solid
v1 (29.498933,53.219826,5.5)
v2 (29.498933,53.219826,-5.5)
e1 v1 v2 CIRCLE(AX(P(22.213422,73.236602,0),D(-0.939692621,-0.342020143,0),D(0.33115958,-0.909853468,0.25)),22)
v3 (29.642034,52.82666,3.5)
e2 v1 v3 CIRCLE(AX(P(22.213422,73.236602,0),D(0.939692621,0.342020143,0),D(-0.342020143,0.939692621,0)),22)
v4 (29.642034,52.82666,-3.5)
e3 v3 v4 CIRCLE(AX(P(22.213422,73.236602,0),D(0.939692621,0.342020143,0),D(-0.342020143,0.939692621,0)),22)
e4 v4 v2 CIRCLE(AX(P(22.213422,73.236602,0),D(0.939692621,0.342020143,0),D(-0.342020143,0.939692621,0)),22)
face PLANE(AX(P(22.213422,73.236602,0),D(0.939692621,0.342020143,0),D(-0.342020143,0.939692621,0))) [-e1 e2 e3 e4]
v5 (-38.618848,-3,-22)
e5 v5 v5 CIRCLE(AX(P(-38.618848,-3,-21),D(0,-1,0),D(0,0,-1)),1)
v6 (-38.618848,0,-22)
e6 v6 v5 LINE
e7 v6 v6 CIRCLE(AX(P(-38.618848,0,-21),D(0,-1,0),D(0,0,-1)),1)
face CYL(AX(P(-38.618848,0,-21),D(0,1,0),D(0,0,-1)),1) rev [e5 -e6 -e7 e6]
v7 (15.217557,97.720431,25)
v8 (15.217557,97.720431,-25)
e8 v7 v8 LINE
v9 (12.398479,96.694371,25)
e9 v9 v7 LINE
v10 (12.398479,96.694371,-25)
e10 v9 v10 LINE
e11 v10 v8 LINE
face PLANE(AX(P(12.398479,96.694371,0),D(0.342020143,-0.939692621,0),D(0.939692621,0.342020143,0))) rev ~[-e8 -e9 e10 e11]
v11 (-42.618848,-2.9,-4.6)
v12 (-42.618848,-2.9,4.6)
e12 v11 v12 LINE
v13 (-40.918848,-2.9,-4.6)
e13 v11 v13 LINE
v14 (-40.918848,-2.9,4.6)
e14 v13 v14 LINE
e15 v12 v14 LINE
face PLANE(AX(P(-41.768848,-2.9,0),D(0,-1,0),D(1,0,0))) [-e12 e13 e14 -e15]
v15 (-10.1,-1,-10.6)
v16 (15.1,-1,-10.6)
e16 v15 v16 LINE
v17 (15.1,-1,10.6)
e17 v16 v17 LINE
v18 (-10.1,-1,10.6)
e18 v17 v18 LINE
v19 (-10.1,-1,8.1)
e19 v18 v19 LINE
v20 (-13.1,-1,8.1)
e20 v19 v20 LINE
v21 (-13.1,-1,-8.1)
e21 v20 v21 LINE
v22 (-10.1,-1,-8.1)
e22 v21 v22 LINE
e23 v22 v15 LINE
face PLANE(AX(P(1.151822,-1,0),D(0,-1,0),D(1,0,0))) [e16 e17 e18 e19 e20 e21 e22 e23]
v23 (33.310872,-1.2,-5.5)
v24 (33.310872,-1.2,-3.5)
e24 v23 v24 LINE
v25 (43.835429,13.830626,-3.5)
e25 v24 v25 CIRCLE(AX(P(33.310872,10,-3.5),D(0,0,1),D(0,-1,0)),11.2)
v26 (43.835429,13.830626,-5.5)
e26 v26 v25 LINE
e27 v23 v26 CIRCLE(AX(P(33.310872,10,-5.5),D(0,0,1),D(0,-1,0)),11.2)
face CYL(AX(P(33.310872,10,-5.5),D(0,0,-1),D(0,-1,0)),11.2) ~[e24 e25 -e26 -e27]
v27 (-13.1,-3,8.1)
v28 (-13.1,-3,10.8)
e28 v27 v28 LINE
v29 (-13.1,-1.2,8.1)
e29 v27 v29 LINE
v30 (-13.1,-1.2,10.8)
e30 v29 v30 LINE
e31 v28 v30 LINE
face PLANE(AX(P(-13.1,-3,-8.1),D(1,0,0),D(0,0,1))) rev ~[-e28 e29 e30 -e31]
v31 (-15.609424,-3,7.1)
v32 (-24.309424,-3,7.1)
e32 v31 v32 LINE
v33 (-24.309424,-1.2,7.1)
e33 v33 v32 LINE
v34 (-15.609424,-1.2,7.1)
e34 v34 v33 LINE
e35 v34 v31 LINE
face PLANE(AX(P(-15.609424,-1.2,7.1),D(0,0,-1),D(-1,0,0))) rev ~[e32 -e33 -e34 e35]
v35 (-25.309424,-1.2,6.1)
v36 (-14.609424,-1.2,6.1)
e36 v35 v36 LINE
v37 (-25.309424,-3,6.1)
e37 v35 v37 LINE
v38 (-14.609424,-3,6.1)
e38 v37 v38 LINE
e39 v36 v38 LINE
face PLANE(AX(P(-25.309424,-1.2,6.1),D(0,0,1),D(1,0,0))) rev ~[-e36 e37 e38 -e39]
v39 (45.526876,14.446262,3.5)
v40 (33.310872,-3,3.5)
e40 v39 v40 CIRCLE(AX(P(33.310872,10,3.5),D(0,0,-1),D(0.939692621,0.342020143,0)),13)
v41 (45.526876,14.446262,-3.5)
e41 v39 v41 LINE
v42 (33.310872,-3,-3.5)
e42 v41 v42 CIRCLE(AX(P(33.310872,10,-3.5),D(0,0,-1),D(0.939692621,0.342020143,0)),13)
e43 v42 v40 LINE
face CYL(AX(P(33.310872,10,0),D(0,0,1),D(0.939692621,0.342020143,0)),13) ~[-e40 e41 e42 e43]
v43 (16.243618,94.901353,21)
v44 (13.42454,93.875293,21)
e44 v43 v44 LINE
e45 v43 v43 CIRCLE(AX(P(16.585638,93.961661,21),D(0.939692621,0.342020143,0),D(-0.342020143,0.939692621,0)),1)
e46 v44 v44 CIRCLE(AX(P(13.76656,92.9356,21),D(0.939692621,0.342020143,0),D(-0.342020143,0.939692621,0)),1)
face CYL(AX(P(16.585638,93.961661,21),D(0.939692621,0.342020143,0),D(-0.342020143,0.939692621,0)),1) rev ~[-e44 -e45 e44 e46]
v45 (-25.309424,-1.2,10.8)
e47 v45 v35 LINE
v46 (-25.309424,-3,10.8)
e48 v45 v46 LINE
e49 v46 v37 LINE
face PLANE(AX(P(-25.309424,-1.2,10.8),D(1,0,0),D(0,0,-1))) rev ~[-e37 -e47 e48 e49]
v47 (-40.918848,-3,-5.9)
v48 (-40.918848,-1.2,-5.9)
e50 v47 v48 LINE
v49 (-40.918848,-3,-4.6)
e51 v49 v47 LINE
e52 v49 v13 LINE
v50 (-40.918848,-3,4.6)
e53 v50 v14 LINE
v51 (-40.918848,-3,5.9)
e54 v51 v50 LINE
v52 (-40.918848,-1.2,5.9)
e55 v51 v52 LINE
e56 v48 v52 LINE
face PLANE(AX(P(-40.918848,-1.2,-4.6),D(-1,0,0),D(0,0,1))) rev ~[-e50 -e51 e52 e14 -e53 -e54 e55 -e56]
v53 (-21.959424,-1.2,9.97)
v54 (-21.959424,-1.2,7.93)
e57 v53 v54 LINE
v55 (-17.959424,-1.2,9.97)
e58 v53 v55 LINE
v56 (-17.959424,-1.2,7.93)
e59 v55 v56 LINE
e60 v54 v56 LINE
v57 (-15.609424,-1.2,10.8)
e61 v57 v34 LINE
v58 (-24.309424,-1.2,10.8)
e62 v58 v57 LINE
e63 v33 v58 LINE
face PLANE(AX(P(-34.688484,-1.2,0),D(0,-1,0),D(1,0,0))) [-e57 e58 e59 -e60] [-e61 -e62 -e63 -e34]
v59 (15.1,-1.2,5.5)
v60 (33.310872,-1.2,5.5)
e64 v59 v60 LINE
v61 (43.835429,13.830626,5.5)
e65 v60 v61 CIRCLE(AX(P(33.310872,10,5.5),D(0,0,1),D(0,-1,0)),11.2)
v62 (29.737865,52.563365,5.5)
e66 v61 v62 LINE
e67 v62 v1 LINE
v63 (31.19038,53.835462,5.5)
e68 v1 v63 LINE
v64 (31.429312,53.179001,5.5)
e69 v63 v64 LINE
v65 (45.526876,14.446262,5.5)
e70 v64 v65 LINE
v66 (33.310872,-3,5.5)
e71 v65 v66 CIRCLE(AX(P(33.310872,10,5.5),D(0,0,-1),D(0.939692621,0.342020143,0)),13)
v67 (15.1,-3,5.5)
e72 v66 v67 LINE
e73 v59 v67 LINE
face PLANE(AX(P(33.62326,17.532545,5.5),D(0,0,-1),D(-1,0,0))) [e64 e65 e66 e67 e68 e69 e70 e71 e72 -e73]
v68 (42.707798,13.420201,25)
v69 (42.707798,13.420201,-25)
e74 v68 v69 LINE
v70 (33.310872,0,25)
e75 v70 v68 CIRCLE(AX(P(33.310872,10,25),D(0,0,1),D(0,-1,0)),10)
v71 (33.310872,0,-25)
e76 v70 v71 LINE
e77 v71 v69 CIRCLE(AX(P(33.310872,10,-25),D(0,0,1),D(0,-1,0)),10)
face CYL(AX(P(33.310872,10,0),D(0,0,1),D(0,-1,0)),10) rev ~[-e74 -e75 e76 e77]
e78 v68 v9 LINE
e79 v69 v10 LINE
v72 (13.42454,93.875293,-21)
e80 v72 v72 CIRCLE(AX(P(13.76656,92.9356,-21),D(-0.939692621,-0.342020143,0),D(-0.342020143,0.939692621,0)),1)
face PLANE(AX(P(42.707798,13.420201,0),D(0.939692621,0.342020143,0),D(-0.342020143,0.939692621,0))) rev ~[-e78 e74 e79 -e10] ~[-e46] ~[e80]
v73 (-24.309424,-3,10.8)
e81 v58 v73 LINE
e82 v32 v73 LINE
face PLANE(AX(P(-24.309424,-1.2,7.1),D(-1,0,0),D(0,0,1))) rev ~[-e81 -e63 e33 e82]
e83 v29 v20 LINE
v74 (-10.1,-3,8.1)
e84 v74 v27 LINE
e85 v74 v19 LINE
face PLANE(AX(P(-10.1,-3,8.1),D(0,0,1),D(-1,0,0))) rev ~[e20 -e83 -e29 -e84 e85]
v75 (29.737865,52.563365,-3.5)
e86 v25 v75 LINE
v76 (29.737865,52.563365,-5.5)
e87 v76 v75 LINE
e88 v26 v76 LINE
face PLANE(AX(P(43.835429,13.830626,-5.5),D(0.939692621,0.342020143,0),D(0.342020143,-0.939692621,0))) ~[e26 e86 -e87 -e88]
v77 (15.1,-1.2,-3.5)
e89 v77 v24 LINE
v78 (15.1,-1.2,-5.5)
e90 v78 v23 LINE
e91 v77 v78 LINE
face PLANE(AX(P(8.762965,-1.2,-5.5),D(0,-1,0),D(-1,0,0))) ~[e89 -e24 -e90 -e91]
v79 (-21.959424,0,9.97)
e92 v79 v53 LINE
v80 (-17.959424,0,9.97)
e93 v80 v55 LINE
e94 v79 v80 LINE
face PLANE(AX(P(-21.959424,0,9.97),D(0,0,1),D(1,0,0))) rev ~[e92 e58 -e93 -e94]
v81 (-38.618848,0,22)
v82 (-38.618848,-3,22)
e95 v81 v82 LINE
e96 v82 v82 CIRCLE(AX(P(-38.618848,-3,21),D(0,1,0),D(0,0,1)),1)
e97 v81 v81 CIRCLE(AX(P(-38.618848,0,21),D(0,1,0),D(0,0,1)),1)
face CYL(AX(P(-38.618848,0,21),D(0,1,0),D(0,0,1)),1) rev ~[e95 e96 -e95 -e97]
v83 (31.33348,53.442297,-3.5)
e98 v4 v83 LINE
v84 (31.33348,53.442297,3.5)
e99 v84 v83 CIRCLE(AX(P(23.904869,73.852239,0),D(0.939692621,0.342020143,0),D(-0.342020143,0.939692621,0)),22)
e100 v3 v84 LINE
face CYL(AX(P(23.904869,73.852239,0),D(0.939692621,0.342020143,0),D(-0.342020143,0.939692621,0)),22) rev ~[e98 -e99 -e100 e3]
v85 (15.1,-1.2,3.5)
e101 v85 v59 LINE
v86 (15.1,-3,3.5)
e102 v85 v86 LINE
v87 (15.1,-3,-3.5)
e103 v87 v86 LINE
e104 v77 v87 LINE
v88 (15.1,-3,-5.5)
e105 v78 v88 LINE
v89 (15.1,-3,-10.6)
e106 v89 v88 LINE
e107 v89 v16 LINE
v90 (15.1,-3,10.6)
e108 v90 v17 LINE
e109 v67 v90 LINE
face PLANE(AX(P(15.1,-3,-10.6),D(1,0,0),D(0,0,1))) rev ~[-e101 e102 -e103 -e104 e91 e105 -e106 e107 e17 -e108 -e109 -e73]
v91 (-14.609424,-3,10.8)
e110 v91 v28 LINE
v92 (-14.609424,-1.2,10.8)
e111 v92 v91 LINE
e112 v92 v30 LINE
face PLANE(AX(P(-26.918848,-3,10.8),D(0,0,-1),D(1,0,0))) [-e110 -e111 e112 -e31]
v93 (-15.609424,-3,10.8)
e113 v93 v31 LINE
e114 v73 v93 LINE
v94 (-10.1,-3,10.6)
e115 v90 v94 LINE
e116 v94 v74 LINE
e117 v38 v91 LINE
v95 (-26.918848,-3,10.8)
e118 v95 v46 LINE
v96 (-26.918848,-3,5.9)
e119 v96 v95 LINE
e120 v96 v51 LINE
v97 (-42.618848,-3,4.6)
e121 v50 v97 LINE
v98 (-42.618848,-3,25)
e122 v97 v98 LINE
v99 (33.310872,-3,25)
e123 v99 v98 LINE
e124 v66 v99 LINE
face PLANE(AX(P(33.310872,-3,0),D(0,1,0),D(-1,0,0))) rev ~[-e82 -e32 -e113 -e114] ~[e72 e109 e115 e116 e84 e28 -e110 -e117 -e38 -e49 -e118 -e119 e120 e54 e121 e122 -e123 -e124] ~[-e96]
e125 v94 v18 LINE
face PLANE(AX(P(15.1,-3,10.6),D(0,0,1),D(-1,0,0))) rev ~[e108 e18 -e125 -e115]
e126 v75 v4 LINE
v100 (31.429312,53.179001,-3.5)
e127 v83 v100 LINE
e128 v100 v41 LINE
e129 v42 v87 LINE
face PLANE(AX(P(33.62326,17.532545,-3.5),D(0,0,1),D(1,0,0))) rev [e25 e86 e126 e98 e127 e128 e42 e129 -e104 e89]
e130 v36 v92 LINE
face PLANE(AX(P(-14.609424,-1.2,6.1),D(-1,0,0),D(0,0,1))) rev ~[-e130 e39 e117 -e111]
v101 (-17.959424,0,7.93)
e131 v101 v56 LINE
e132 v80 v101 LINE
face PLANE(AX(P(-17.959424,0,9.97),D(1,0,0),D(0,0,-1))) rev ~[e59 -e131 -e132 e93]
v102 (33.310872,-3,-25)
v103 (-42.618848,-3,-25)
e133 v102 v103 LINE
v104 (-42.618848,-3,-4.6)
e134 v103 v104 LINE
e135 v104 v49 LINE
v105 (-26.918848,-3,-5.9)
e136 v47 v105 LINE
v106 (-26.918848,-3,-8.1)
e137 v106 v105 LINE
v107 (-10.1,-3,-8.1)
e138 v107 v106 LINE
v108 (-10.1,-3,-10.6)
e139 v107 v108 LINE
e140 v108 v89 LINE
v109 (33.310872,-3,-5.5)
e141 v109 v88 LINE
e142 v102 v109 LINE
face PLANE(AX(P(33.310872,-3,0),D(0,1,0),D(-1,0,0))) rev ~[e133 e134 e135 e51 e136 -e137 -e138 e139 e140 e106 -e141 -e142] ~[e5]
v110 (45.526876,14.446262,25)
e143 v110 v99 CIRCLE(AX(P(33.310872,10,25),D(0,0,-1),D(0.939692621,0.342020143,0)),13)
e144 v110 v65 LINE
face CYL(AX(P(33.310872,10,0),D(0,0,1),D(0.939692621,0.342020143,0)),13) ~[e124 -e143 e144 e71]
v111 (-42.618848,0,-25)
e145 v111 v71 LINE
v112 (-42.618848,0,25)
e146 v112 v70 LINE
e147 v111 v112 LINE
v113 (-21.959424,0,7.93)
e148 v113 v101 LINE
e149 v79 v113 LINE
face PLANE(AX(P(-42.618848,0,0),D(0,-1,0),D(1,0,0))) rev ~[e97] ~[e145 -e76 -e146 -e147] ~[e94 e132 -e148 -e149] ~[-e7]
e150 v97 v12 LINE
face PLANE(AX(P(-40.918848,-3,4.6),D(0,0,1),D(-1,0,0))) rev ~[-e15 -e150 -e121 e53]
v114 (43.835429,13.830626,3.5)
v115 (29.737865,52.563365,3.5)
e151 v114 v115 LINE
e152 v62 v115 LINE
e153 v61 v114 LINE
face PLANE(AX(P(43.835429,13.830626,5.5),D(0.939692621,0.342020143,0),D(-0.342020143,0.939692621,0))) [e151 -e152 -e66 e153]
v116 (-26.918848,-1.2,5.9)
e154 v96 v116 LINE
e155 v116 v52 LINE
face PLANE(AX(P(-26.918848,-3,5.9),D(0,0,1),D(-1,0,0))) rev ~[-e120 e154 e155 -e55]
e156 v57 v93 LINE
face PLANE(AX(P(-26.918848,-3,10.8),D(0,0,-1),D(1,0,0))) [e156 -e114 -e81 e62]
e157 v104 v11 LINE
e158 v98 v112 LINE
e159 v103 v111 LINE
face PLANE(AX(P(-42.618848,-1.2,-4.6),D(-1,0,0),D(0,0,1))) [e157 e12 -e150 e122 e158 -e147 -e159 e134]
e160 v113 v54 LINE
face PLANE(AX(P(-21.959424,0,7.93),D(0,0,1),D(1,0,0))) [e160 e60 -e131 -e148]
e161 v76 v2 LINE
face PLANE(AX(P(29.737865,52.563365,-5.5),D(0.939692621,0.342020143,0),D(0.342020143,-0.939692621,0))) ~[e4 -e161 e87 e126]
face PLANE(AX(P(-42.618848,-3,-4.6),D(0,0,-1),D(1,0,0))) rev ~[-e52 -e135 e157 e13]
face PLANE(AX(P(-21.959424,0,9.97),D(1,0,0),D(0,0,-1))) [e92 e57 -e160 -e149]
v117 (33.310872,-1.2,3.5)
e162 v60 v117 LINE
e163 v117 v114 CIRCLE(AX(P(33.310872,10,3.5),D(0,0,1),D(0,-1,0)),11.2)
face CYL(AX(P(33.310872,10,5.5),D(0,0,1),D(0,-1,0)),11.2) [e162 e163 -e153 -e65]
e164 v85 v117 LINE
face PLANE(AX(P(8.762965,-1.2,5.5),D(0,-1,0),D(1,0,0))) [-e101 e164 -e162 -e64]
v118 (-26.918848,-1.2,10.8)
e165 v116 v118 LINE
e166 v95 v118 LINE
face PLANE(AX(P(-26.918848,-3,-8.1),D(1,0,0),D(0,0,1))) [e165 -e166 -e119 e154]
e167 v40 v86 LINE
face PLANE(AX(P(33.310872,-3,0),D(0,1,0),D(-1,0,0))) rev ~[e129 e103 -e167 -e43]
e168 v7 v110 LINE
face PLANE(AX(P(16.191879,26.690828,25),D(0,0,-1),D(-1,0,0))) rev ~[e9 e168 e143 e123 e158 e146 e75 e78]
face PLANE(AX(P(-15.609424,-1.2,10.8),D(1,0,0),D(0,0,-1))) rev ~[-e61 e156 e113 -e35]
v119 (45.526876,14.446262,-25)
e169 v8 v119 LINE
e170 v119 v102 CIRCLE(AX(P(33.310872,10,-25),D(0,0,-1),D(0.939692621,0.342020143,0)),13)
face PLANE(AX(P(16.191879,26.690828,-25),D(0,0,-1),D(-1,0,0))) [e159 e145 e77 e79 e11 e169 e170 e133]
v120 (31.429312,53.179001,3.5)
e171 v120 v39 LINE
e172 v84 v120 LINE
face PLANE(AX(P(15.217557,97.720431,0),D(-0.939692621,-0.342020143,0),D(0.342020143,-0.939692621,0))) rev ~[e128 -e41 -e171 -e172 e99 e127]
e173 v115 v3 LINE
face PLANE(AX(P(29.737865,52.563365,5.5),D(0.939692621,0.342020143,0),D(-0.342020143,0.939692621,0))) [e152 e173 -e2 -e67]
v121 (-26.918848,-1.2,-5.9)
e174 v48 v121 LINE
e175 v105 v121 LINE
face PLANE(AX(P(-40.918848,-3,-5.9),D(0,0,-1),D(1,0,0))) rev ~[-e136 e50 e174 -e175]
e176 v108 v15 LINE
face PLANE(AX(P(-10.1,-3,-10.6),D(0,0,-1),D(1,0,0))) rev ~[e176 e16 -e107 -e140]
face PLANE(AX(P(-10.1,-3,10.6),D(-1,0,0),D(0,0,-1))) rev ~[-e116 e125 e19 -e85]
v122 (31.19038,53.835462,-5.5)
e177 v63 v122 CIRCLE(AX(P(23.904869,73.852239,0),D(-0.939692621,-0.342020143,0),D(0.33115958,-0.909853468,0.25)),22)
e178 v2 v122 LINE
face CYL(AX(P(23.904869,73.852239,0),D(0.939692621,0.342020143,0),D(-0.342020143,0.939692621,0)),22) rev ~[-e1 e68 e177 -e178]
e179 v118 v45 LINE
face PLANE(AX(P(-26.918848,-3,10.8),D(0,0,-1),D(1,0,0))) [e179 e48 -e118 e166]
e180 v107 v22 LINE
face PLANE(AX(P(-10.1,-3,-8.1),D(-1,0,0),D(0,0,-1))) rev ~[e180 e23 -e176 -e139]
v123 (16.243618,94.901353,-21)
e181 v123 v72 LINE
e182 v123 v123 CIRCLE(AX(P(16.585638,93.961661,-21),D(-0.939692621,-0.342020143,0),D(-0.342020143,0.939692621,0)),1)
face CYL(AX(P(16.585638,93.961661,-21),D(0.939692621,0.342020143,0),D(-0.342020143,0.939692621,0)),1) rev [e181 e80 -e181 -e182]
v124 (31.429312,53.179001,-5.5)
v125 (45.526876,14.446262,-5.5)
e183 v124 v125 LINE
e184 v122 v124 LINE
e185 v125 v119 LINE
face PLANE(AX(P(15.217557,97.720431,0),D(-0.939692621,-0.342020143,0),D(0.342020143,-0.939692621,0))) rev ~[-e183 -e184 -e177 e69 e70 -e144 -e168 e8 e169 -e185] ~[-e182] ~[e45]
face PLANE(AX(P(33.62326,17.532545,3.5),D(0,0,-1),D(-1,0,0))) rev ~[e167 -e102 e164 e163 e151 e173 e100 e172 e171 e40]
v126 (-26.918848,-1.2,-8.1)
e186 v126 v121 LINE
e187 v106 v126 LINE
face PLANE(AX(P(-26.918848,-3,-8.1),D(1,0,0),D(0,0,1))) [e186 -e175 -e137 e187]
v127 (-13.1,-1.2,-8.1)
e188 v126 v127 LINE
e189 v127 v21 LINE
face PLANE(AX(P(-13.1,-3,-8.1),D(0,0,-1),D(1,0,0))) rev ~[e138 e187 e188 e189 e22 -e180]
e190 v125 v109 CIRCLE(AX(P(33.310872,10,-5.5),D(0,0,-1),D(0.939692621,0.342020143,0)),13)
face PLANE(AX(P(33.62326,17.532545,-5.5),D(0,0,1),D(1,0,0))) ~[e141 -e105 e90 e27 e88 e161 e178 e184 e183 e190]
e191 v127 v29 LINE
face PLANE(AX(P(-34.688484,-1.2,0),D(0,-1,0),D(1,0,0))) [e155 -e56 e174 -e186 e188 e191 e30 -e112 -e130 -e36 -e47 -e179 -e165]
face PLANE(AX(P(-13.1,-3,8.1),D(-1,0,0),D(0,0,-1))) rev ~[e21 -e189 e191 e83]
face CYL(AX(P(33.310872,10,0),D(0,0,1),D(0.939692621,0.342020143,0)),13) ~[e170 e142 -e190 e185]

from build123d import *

# Parameters (mm, degrees)
EXTRUDE_1_DEPTH       = 25
SKETCH_4_R            = 22
CUT_EXTRUDE_1_DEPTH   = 1.8
CUT_EXTRUDE_START     = 5.5
CUT_EXTRUDE_1_2_DEPTH = 2
CUT_EXTRUDE_2_REACH   = 124.068
SKETCH_5_R            = 1
CUT_EXTRUDE_3_REACH   = 112.991
SKETCH_6_R            = 1
CUT_EXTRUDE_1_3_DEPTH = 1.8
SKETCH_8_W            = 1.7
SKETCH_8_H            = 9.2
EXTRUDE_1_2_DEPTH     = 1.7
CUT_EXTRUDE_2_2_DEPTH = 2
SKETCH_14_W           = 13.81884782
SKETCH_14_H           = 18.9
CUT_EXTRUDE_3_2_DEPTH = 1.8
EXTRUDE_2_DEPTH       = 1.8
SKETCH_16_W           = 4
SKETCH_16_H           = 2.04
CUT_EXTRUDE_4_DEPTH   = 1.2


with BuildPart() as part:
    # 草图2 → Extrude 1 (new, symmetric)
    with BuildSketch(Plane.XY):
        with BuildLine():
            Line((-42.61884782, 0), (33.310872136, 0))
            ThreePointArc((33.310872136, 0), (41.502392579, 4.264235636), (42.707798344, 13.420201433))
            Line((42.707798344, 13.420201433), (12.398479455, 96.694370679))
            Line((12.398479455, 96.694370679), (15.217557318, 97.720431109))
            Line((15.217557318, 97.720431109), (45.526876206, 14.446261863))
            ThreePointArc((45.526876206, 14.446261863), (43.959848712, 2.543506327), (33.310872136, -3))
            Line((33.310872136, -3), (-42.61884782, -3))
            Line((-42.61884782, -3), (-42.61884782, 0))
        make_face()
    extrude(amount=EXTRUDE_1_DEPTH, both=True)

    # 草图4 → Cut-Extrude 1 (cut)
    with BuildSketch(Plane(origin=(44.844182434, 16.321947586, 0), x_dir=(0, 0, -1), z_dir=(0.939692620785907, 0.3420201433256728, 0))):
        with Locations(Location((0, 61.222456878, 0), (0, 0, 90))):
            Circle(SKETCH_4_R)
    extrude(amount=-CUT_EXTRUDE_1_DEPTH, mode=Mode.SUBTRACT)

    # 草图3 → Cut-Extrude 1 2 (cut)
    with BuildSketch(Plane.XY.offset(CUT_EXTRUDE_START)):
        with BuildLine():
            Line((8.762964592, -1.2), (33.310872136, -1.2))
            ThreePointArc((33.310872136, -1.2), (42.485375032, 3.575943913), (43.835429489, 13.830625605))
            Line((43.835429489, 13.830625605), (29.737865394, 52.563364626))
            Line((29.737865394, 52.563364626), (28.711804964, 55.382442488))
            Line((28.711804964, 55.382442488), (30.403251681, 55.998078746))
            Line((30.403251681, 55.998078746), (31.429312111, 53.179000884))
            Line((31.429312111, 53.179000884), (45.526876206, 14.446261863))
            ThreePointArc((45.526876206, 14.446261863), (43.959848712, 2.543506327), (33.310872136, -3))
            Line((33.310872136, -3), (8.762964592, -3))
            Line((8.762964592, -3), (8.762964592, -1.2))
        make_face()
    cut_extrude_1_2 = extrude(amount=-CUT_EXTRUDE_1_2_DEPTH, mode=Mode.SUBTRACT)

    # 镜向1: Cut-Extrude 1 2 across plane
    add(cut_extrude_1_2.mirror(Plane.XY), mode=Mode.SUBTRACT)

    # 草图5 → Cut-Extrude 2 (cut, up to next)
    with BuildSketch(Plane(origin=(44.844182434, 16.321947586, 0), x_dir=(0, 0, -1), z_dir=(0.939692620785907, 0.3420201433256728, 0)), mode=Mode.PRIVATE) as cut_extrude_2_sk1:
        with Locations(Location((-21, 82.622456878, 0), (0, 0, 90))):
            Circle(SKETCH_5_R)
    cut_extrude_2_tool1 = extrude(cut_extrude_2_sk1.sketch, amount=-CUT_EXTRUDE_2_REACH, mode=Mode.PRIVATE) & part.part
    cut_extrude_2 = cut_extrude_2_tool1.solids().sort_by_distance((16.585638, 93.961661, 21))[0]
    add(cut_extrude_2, mode=Mode.SUBTRACT)

    # 镜向2: Cut-Extrude 2 across plane
    add(cut_extrude_2.mirror(Plane.XY), mode=Mode.SUBTRACT)

    # 草图6 → Cut-Extrude 3 (cut, up to next)
    with BuildSketch(Plane(origin=(0, 0, 0), x_dir=(1, 0, 0), z_dir=(0, 1, 0)), mode=Mode.PRIVATE) as cut_extrude_3_sk1:
        with Locations(Location((-38.61884782, -21, 0), (0, 0, 270))):
            Circle(SKETCH_6_R)
    cut_extrude_3_tool1 = extrude(cut_extrude_3_sk1.sketch, amount=-CUT_EXTRUDE_3_REACH, mode=Mode.PRIVATE) & part.part
    cut_extrude_3 = cut_extrude_3_tool1.solids().sort_by_distance((-38.618848, 0, 21))[0]
    add(cut_extrude_3, mode=Mode.SUBTRACT)

    # 镜向3: Cut-Extrude 3 across plane
    add(cut_extrude_3.mirror(Plane.XY), mode=Mode.SUBTRACT)

    # 草图7 → Cut-Extrude 1 3 (cut)
    with BuildSketch(Plane.XZ.offset(3)):
        Polygon((-40.91884782, -5.9), (-26.91884782, -5.9), (-26.91884782, 5.9), (-40.91884782, 5.9), (-40.91884782, 4.6), (-42.61884782, 4.6), (-42.61884782, -4.6), (-40.91884782, -4.6), align=None)
    extrude(amount=-CUT_EXTRUDE_1_3_DEPTH, mode=Mode.SUBTRACT)

    # 草图8 → Extrude 1 2 (add)
    with BuildSketch(Plane.XZ.offset(1.2)):
        with Locations((-41.76884782, 0)):
            Rectangle(SKETCH_8_W, SKETCH_8_H)
    extrude(amount=EXTRUDE_1_2_DEPTH)

    # 草图12 → Cut-Extrude 2 2 (cut)
    with BuildSketch(Plane.XZ.offset(3)):
        Polygon((-10.1, -8.1), (-10.1, -10.6), (15.1, -10.6), (15.1, 10.6), (-10.1, 10.6), (-10.1, 8.1), (-13.1, 8.1), (-13.1, -8.1), align=None)
    extrude(amount=-CUT_EXTRUDE_2_2_DEPTH, mode=Mode.SUBTRACT)

    # 草图14 → Cut-Extrude 3 2 (cut)
    with BuildSketch(Plane.XZ.offset(3)):
        with Locations((-20.00942391, 1.35)):
            Rectangle(SKETCH_14_W, SKETCH_14_H)
    extrude(amount=-CUT_EXTRUDE_3_2_DEPTH, mode=Mode.SUBTRACT)

    # 草图15 → 凸台-拉伸2 (add)
    with BuildSketch(Plane.XZ.offset(1.2)):
        Polygon((-25.30942391, 6.1), (-14.60942391, 6.1), (-14.60942391, 10.8), (-15.60942391, 10.8), (-15.60942391, 7.1), (-24.30942391, 7.1), (-24.30942391, 10.8), (-25.30942391, 10.8), align=None)
    extrude(amount=EXTRUDE_2_DEPTH)

    # 草图16 → 切除-拉伸4 (cut)
    with BuildSketch(Plane(origin=(0, 0, 0), x_dir=(1, 0, 0), z_dir=(0, 1, 0))):
        with Locations((-19.95942391, -8.95)):
            Rectangle(SKETCH_16_W, SKETCH_16_H)
    extrude(amount=-CUT_EXTRUDE_4_DEPTH, mode=Mode.SUBTRACT)


solid = part.part
